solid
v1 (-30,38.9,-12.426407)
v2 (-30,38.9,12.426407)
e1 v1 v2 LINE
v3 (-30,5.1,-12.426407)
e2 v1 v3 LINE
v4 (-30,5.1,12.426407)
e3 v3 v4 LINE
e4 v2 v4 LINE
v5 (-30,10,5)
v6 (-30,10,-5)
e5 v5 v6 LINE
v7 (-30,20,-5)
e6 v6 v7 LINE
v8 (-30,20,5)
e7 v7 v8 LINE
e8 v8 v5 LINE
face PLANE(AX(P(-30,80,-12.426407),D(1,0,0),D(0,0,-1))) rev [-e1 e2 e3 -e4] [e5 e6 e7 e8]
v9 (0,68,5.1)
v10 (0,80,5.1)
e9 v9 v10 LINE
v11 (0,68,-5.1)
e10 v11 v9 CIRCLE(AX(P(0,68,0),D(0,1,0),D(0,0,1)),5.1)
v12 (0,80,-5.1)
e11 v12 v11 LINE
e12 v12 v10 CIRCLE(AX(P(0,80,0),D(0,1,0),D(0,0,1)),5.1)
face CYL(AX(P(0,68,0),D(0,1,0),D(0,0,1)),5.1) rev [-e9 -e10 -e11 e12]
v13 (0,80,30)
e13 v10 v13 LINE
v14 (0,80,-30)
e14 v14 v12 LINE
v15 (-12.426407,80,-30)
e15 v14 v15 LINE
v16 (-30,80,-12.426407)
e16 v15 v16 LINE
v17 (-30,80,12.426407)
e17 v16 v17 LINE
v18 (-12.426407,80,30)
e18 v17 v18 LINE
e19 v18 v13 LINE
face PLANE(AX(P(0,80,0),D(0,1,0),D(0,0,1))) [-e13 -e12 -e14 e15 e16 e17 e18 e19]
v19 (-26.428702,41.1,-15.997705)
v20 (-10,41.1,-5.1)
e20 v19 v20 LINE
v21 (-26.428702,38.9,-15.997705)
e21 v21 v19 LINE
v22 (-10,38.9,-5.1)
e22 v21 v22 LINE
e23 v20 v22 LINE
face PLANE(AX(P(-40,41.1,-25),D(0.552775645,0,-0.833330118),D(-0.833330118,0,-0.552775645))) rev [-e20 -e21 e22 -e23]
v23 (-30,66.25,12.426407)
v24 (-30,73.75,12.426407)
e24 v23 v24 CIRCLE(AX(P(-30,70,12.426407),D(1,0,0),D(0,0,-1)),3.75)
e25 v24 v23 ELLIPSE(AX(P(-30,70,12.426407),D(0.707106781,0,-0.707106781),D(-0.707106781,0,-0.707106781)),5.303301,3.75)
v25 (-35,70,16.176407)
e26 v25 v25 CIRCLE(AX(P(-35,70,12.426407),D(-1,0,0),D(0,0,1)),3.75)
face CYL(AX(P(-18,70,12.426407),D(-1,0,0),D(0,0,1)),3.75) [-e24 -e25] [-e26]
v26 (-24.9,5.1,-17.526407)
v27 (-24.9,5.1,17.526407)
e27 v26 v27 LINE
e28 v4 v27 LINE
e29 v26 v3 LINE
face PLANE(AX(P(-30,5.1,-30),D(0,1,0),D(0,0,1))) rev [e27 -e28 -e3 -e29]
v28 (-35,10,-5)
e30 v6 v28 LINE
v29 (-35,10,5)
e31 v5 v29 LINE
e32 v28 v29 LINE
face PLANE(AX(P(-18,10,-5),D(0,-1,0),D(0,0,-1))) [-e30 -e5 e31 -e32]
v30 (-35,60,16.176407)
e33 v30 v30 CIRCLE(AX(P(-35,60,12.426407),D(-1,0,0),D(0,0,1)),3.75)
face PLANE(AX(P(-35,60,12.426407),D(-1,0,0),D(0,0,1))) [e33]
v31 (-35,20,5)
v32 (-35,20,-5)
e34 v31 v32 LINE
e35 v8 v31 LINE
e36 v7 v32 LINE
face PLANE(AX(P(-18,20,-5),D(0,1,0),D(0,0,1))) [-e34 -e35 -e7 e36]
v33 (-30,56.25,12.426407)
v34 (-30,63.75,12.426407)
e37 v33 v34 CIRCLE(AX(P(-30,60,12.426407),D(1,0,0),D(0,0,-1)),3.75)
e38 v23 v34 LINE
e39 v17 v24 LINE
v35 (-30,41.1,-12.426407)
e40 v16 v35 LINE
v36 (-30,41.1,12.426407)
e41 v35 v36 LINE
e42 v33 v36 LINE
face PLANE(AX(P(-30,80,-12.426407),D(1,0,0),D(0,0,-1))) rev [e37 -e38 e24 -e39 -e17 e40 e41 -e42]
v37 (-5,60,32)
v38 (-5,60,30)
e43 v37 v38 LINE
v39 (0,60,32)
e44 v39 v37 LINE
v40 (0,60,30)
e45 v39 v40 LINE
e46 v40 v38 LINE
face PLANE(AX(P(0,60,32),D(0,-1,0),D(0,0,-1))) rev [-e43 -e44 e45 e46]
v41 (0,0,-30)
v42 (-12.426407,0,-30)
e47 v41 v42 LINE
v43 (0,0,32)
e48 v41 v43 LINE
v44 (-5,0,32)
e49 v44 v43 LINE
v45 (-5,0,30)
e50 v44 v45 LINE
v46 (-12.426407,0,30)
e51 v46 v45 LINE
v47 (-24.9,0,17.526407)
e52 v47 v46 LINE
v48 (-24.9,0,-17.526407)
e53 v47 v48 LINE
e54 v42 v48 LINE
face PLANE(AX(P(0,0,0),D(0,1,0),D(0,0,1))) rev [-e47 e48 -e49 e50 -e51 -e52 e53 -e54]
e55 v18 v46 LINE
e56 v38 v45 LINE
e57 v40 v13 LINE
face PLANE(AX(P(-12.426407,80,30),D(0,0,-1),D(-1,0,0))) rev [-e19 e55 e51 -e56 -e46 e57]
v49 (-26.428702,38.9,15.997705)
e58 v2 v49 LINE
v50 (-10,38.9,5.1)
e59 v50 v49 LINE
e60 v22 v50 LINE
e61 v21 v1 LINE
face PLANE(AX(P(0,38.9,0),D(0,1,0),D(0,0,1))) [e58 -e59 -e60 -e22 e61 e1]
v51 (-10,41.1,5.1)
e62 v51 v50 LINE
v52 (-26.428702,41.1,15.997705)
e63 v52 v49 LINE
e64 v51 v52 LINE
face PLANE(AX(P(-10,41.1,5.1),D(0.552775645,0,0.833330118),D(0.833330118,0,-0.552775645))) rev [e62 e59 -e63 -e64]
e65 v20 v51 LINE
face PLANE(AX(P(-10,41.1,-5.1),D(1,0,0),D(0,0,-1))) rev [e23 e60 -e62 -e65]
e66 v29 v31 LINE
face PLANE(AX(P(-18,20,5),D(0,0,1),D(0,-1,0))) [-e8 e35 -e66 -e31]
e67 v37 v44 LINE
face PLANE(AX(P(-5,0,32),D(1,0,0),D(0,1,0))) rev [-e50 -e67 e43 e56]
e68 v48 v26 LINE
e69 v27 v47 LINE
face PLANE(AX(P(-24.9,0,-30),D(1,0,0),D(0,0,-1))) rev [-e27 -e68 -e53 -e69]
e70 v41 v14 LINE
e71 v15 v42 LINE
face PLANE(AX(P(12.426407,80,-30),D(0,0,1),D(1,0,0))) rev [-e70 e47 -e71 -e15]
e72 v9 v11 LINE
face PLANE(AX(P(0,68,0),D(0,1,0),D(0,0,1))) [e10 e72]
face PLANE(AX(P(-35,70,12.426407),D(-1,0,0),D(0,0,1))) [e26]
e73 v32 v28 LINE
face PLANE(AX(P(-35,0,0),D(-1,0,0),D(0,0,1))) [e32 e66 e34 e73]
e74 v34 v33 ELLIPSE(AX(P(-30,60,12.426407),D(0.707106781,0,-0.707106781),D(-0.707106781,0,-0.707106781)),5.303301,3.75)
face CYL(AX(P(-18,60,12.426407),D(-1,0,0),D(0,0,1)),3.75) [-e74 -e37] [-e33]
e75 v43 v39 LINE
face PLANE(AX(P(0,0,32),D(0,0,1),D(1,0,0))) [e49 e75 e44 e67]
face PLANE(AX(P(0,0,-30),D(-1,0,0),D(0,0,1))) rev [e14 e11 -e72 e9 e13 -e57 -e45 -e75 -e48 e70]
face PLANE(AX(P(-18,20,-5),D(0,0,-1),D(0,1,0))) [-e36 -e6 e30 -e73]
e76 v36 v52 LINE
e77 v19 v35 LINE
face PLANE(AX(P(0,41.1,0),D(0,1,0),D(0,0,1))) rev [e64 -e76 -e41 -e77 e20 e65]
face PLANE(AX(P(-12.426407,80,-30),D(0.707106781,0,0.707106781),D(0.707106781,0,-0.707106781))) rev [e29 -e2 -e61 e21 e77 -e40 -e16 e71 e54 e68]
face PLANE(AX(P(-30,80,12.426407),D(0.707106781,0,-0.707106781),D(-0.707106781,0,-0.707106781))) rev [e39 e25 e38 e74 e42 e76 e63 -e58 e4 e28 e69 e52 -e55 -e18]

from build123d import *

# Parameters (mm, degrees)
BOSS_EXTRUDE1_DEPTH      = 80
CUT_EXTRUDE1_DEPTH       = 1.1
SKETCH4_W                = 30
SKETCH4_H                = 60
CUT_EXTRUDE2_DEPTH       = 91.553851381
SKETCH5_R                = 5.1
CUT_EXTRUDE3_DEPTH       = 12
BOSS_EXTRUDE2_DEPTH      = 5
BOSS_EXTRUDE2_DEPTH_BACK = 12
SKETCH6_R                = 3.75
SKETCH6_W                = 10
SKETCH6_H                = 10
SKETCH7_W                = 5
SKETCH7_H                = 60
BOSS_EXTRUDE3_DEPTH      = 2
SKETCH8_W                = 5.1
SKETCH8_H                = 5.1
CUT_EXTRUDE4_DEPTH       = 106.948100502


with BuildPart() as part:
    # Sketch1 → Boss-Extrude1 (new body)
    with BuildSketch(Plane(origin=(0, 0, 0), x_dir=(1, 0, 0), z_dir=(0, 1, 0))):
        Polygon((12.426406871, -30), (30, -12.426406871), (30, 12.426406871), (12.426406871, 30), (-12.426406871, 30), (-30, 12.426406871), (-30, -12.426406871), (-12.426406871, -30), align=None)
    extrude(amount=BOSS_EXTRUDE1_DEPTH)

    # Sketch3 → Cut-Extrude1 (cut, symmetric)
    with BuildSketch(Plane(origin=(0, 40, 0), x_dir=(1, 0, 0), z_dir=(0, 1, 0))):
        Polygon((40, 25), (10, 5.1), (10, -5.1), (40, -25), align=None)
    cut_extrude1 = extrude(amount=CUT_EXTRUDE1_DEPTH, both=True, mode=Mode.SUBTRACT)

    # Mirror1: Cut-Extrude1 across plane
    add(cut_extrude1.mirror(Plane(origin=(0, 0, 0), x_dir=(0, 0, 1), z_dir=(1, 0, 0))), mode=Mode.SUBTRACT)

    # Sketch4 → Cut-Extrude2 (cut, through all)
    with BuildSketch(Plane(origin=(0, 80, 0), x_dir=(1, 0, 0), z_dir=(0, 1, 0))):
        with Locations((15, 0)):
            Rectangle(SKETCH4_W, SKETCH4_H)
    extrude(amount=-CUT_EXTRUDE2_DEPTH, mode=Mode.SUBTRACT)

    # Sketch5 → Cut-Extrude3 (cut)
    with BuildSketch(Plane(origin=(0, 80, 0), x_dir=(1, 0, 0), z_dir=(0, 1, 0))):
        Circle(SKETCH5_R)
    extrude(amount=-CUT_EXTRUDE3_DEPTH, mode=Mode.SUBTRACT)

    # Sketch6 → Boss-Extrude2 (add, two sides: drawn at the far end of the back side and taken through both)
    with BuildSketch(Plane.ZY.offset(30).offset(-BOSS_EXTRUDE2_DEPTH_BACK)):
        with Locations((12.426406871, 70)):
            Circle(SKETCH6_R)
        with Locations((12.426406871, 60)):
            Circle(SKETCH6_R)
        with Locations((0, 15)):
            Rectangle(SKETCH6_W, SKETCH6_H)
    extrude(amount=BOSS_EXTRUDE2_DEPTH + BOSS_EXTRUDE2_DEPTH_BACK)

    # Sketch7 → Boss-Extrude3 (add)
    with BuildSketch(Plane.XY.offset(30)):
        with Locations((-2.5, 30)):
            Rectangle(SKETCH7_W, SKETCH7_H)
    extrude(amount=BOSS_EXTRUDE3_DEPTH)

    # Sketch8 → Cut-Extrude4 (cut, through all)
    with BuildSketch(Plane.XY.offset(30)):
        with Locations((-27.45, 2.55)):
            Rectangle(SKETCH8_W, SKETCH8_H)
    extrude(amount=-CUT_EXTRUDE4_DEPTH, mode=Mode.SUBTRACT)


solid = part.part
